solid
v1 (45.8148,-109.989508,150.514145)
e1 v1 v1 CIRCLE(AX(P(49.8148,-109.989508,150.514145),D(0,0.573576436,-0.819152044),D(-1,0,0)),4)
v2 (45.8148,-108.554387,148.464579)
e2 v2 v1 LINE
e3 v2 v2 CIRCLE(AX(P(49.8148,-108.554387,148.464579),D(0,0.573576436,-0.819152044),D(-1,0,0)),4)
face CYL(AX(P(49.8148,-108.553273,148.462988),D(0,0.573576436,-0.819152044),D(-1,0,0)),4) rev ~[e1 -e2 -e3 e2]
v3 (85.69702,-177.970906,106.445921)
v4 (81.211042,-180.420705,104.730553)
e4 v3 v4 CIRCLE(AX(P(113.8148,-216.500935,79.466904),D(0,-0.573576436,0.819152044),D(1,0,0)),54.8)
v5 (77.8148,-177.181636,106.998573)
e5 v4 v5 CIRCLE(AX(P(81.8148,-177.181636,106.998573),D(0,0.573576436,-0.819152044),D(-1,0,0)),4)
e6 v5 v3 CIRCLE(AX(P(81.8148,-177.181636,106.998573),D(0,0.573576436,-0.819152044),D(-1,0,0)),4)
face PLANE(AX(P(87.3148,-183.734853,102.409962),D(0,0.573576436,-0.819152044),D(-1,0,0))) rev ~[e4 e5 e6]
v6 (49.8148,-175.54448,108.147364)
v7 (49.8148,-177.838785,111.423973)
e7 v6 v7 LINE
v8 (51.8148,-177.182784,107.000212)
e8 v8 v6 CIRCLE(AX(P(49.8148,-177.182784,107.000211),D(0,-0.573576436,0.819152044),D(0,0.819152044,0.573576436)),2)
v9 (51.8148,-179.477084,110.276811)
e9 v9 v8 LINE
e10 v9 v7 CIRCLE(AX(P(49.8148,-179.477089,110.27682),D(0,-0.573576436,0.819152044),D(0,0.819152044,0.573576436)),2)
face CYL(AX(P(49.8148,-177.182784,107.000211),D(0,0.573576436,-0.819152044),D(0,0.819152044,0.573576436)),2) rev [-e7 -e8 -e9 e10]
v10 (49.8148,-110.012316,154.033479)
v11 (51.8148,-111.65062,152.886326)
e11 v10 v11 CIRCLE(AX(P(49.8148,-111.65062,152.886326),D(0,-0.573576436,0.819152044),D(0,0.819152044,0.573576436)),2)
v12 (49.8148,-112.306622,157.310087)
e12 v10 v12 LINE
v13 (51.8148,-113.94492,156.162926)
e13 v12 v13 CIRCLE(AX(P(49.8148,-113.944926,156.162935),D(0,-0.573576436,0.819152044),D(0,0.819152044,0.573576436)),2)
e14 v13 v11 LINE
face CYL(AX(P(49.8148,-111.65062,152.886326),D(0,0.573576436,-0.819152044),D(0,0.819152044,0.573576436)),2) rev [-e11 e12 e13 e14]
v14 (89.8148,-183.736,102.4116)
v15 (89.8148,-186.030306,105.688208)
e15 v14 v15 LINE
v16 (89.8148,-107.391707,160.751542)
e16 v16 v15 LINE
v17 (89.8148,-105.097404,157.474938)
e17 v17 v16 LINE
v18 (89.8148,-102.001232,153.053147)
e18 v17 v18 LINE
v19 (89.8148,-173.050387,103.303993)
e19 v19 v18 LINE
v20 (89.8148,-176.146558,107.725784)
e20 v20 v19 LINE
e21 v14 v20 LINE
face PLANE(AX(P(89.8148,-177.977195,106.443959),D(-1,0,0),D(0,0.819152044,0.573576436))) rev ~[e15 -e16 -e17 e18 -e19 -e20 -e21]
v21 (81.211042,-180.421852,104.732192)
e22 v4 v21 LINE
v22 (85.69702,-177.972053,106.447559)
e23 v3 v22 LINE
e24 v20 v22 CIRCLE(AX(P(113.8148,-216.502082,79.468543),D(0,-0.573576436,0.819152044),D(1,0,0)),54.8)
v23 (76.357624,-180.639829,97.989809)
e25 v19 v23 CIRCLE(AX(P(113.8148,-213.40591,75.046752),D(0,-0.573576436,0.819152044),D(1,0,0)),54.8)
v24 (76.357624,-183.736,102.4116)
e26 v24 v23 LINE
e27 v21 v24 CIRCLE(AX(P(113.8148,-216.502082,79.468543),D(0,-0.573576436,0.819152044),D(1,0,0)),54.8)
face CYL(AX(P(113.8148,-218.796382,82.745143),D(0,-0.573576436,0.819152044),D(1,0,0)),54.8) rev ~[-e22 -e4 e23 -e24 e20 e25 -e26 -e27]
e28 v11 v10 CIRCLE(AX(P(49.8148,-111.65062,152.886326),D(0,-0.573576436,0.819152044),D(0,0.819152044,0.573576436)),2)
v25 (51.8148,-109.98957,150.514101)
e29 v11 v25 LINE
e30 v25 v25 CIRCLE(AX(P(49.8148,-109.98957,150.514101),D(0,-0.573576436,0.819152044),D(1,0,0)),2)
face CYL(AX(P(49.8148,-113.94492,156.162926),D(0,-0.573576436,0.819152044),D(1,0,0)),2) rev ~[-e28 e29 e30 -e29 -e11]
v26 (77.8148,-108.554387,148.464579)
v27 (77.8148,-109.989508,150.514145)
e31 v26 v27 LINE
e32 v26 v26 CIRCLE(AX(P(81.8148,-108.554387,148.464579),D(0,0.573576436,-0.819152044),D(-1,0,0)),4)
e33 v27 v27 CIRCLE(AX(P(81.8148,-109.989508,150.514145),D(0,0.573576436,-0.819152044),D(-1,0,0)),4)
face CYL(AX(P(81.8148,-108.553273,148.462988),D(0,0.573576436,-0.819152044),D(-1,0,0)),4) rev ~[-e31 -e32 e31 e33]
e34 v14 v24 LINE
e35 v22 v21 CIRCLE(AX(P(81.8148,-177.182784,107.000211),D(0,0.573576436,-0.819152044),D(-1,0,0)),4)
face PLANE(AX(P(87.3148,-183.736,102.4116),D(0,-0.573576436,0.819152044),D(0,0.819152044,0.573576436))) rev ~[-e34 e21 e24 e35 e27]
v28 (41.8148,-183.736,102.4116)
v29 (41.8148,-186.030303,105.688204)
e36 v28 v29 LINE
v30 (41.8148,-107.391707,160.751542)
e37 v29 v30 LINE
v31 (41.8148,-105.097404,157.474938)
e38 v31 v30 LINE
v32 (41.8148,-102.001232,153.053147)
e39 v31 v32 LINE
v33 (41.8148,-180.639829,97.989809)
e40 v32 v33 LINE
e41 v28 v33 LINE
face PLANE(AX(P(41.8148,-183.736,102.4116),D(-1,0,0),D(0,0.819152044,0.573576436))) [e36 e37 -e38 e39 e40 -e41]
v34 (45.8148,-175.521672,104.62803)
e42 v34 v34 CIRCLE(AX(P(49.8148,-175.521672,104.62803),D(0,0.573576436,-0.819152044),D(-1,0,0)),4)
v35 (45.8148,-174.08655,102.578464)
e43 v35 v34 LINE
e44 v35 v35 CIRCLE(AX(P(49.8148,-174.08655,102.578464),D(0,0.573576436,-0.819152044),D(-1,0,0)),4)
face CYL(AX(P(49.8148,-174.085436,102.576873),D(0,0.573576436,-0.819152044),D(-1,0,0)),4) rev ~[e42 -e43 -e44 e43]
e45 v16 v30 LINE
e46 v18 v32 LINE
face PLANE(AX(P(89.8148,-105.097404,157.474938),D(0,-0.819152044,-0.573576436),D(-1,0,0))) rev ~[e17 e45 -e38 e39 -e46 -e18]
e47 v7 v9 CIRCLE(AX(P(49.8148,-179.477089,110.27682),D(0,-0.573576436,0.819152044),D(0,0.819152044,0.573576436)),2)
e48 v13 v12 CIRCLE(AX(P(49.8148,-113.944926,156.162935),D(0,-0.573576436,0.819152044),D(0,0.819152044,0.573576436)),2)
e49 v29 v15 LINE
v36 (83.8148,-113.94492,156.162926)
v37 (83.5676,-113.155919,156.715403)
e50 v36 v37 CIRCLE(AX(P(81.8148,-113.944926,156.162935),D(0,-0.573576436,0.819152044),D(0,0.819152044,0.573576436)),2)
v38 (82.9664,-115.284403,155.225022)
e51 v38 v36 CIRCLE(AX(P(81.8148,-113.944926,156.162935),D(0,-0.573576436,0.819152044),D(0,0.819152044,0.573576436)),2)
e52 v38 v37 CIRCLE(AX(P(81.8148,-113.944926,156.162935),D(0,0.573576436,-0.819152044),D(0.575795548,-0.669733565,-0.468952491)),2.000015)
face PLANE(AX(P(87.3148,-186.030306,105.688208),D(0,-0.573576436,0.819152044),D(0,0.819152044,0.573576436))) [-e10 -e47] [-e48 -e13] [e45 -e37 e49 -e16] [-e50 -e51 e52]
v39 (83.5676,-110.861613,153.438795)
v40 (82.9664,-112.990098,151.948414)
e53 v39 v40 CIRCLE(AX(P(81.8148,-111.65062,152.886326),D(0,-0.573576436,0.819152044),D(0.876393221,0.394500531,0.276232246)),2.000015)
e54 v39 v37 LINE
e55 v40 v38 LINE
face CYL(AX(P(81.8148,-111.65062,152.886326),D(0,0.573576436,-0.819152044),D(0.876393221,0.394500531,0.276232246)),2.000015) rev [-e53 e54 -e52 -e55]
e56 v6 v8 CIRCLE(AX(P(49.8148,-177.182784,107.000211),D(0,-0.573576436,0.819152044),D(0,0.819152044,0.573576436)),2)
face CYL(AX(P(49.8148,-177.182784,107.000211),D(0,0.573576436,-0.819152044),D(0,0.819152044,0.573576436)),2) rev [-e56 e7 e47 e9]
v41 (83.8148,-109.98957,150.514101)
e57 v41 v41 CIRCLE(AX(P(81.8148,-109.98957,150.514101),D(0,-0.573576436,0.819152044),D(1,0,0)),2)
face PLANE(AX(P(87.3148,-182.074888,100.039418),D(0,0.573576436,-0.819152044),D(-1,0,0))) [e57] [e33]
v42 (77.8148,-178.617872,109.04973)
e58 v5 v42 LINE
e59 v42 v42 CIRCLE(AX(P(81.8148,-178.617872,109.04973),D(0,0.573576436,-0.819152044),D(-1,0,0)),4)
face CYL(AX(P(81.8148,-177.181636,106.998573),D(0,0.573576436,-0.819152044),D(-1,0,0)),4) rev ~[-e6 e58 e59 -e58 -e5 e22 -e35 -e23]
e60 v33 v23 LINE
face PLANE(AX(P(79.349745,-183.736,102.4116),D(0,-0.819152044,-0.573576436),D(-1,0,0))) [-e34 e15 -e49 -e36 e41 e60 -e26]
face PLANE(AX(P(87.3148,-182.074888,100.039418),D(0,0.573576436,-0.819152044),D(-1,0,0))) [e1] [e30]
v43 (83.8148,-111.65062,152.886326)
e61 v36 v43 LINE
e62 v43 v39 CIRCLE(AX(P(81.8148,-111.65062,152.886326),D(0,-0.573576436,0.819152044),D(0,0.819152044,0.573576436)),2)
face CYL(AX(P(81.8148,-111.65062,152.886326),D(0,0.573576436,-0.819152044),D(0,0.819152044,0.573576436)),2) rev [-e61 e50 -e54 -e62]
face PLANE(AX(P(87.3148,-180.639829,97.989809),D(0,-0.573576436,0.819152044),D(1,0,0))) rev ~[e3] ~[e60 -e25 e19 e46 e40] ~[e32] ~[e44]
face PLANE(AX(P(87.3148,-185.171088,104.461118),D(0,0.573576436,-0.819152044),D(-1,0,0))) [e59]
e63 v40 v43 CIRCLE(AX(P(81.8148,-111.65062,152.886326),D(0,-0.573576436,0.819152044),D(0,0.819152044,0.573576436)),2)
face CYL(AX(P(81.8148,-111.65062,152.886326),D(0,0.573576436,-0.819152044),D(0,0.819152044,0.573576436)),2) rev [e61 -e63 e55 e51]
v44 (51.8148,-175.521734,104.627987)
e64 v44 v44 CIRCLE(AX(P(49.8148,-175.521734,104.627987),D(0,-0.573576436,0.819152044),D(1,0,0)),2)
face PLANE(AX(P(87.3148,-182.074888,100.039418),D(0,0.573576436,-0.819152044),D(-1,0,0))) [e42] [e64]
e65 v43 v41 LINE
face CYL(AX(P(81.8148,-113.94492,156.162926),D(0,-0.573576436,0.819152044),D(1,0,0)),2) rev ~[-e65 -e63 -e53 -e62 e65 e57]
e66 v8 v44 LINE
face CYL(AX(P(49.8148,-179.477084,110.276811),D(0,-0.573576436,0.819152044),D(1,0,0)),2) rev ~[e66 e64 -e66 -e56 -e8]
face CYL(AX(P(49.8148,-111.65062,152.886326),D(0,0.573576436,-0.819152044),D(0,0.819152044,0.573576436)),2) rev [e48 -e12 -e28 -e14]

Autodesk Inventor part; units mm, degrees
ref_plane "YZ Plane" through (0, 0, 0) normal (1, 0, 0) x (0, 1, 0)
ref_plane "XZ Plane" through (0, 0, 0) normal (0, 1, 0) x (-1, 0, 0)
ref_plane "XY Plane" through (0, 0, 0) normal (0, 0, 1) x (1, 0, 0)
ref_plane "Work Plane1" through (87.3148, -183.736, 102.4116) normal (0, -0.5736, 0.8192) x (0, 0.8192, 0.5736)
sketch "Sketch1" plane through (87.3148, -183.736, 102.4116) normal (0, -0.5736, 0.8192) x (0, 0.8192, 0.5736)
  line L0 (96, -2.5) -> (96, 45.5) projected
  line L1 (0, 45.5) -> (96, 45.5) projected
  line L2 (0, -2.5) -> (0, 45.5) projected
  line L3 (-64, -2.5) -> (104, -2.5) projected
  circle A0 centre (-40, -26.5) radius 50.8 projected
  circle A1 centre (88, 37.5) radius 2 projected
  arc A2 (88.9632, 3.7472) -> (86.3648, 4.3484) centre (88, 5.5) ccw projected
  circle A3 centre (8, 37.5) radius 2 projected
  circle A4 centre (8, 5.5) radius 2 projected
  circle A5 centre (88, 5.5) radius 2
  circle A6 centre (-40, -26.5) radius 52.8
  point P0 (91.7668, 87.3148)
  point P1 (88.9632, 3.7472)
  point P2 (86.3648, 4.3484)
  dimension "d0" = 4
  dimension "d1" = 2
extrude "Extrusion1" add sketch "Sketch1" along normal blind 4 contours L3 A6 L2 L1 L0 | L3 A0 L2 A6 | L3 L2 A0 picked at (5.5904, -1.2761) picked at (0.5767, 1.5949)
sketch "Sketch2" plane through (87.3148, -186.0303, 105.6882) normal (0, -0.5736, 0.8192) x (1, 0, 0)
  line L0 (-45.5, 0) -> (2.5, 0) projected
  line L1 (2.5, 0) -> (2.5, 96) projected
  line L2 (2.5, 96) -> (-45.5, 96) projected
  line L3 (-45.5, 96) -> (-45.5, 0) projected
  circle A0 centre (-5.5, 8) radius 2 projected
  circle A1 centre (-37.5, 8) radius 2 projected
  circle A2 centre (-5.5, 88) radius 2 projected
  circle A3 centre (-37.5, 88) radius 2 projected
  circle A4 centre (26.5, -40) radius 50.8 projected
  circle A5 centre (26.5, -40) radius 54.8
  point P0 (-87.3148, 91.7668)
  point P1 (-10.9572, 0)
  point P2 (2.5, 9.265)
  dimension "d4" = 4
extrude "Extrusion2" add sketch "Sketch2" against normal blind 9.398 contours L3 L2 L1 A5 L0 | A0
sketch "Sketch3" plane through (87.3148, -183.736, 102.4116) normal (0, 0.5736, -0.8192) x (-1, 0, 0)
  circle A0 centre (5.5, 88) radius 2 projected
  circle A1 centre (37.5, 88) radius 2 projected
  circle A2 centre (37.5, 8) radius 2 projected
  circle A3 centre (5.5, 8) radius 2 projected
  circle A4 centre (5.5, 8) radius 4
  point P0 (87.3148, 91.7668)
  dimension "d12" = 8
sketch "Sketch4" plane through (87.3148, -180.6398, 97.9899) normal (0, 0.5736, -0.8192) x (-1, 0, 0)
  circle A0 centre (5.5, 88) radius 2 projected
  circle A1 centre (37.5, 88) radius 2 projected
  circle A2 centre (37.5, 8) radius 2 projected
  circle A3 centre (5.5, 88) radius 4
  circle A4 centre (37.5, 88) radius 4
  circle A5 centre (37.5, 8) radius 2 projected
  circle A6 centre (37.5, 8) radius 4
  point P0 (87.3148, 91.7668)
  dimension "d7" = 8
  dimension "d8" = 8
  dimension "d9" = 8
extrude "Extrusion3" cut sketch "Sketch4" against normal blind 2.5 contours A0 | A1 | A2 | A3 | A4 | A6
extrude "Extrusion4" cut sketch "Sketch3" against normal blind 2.5 contours A3 | A4
properties part number "shooter spacer"
